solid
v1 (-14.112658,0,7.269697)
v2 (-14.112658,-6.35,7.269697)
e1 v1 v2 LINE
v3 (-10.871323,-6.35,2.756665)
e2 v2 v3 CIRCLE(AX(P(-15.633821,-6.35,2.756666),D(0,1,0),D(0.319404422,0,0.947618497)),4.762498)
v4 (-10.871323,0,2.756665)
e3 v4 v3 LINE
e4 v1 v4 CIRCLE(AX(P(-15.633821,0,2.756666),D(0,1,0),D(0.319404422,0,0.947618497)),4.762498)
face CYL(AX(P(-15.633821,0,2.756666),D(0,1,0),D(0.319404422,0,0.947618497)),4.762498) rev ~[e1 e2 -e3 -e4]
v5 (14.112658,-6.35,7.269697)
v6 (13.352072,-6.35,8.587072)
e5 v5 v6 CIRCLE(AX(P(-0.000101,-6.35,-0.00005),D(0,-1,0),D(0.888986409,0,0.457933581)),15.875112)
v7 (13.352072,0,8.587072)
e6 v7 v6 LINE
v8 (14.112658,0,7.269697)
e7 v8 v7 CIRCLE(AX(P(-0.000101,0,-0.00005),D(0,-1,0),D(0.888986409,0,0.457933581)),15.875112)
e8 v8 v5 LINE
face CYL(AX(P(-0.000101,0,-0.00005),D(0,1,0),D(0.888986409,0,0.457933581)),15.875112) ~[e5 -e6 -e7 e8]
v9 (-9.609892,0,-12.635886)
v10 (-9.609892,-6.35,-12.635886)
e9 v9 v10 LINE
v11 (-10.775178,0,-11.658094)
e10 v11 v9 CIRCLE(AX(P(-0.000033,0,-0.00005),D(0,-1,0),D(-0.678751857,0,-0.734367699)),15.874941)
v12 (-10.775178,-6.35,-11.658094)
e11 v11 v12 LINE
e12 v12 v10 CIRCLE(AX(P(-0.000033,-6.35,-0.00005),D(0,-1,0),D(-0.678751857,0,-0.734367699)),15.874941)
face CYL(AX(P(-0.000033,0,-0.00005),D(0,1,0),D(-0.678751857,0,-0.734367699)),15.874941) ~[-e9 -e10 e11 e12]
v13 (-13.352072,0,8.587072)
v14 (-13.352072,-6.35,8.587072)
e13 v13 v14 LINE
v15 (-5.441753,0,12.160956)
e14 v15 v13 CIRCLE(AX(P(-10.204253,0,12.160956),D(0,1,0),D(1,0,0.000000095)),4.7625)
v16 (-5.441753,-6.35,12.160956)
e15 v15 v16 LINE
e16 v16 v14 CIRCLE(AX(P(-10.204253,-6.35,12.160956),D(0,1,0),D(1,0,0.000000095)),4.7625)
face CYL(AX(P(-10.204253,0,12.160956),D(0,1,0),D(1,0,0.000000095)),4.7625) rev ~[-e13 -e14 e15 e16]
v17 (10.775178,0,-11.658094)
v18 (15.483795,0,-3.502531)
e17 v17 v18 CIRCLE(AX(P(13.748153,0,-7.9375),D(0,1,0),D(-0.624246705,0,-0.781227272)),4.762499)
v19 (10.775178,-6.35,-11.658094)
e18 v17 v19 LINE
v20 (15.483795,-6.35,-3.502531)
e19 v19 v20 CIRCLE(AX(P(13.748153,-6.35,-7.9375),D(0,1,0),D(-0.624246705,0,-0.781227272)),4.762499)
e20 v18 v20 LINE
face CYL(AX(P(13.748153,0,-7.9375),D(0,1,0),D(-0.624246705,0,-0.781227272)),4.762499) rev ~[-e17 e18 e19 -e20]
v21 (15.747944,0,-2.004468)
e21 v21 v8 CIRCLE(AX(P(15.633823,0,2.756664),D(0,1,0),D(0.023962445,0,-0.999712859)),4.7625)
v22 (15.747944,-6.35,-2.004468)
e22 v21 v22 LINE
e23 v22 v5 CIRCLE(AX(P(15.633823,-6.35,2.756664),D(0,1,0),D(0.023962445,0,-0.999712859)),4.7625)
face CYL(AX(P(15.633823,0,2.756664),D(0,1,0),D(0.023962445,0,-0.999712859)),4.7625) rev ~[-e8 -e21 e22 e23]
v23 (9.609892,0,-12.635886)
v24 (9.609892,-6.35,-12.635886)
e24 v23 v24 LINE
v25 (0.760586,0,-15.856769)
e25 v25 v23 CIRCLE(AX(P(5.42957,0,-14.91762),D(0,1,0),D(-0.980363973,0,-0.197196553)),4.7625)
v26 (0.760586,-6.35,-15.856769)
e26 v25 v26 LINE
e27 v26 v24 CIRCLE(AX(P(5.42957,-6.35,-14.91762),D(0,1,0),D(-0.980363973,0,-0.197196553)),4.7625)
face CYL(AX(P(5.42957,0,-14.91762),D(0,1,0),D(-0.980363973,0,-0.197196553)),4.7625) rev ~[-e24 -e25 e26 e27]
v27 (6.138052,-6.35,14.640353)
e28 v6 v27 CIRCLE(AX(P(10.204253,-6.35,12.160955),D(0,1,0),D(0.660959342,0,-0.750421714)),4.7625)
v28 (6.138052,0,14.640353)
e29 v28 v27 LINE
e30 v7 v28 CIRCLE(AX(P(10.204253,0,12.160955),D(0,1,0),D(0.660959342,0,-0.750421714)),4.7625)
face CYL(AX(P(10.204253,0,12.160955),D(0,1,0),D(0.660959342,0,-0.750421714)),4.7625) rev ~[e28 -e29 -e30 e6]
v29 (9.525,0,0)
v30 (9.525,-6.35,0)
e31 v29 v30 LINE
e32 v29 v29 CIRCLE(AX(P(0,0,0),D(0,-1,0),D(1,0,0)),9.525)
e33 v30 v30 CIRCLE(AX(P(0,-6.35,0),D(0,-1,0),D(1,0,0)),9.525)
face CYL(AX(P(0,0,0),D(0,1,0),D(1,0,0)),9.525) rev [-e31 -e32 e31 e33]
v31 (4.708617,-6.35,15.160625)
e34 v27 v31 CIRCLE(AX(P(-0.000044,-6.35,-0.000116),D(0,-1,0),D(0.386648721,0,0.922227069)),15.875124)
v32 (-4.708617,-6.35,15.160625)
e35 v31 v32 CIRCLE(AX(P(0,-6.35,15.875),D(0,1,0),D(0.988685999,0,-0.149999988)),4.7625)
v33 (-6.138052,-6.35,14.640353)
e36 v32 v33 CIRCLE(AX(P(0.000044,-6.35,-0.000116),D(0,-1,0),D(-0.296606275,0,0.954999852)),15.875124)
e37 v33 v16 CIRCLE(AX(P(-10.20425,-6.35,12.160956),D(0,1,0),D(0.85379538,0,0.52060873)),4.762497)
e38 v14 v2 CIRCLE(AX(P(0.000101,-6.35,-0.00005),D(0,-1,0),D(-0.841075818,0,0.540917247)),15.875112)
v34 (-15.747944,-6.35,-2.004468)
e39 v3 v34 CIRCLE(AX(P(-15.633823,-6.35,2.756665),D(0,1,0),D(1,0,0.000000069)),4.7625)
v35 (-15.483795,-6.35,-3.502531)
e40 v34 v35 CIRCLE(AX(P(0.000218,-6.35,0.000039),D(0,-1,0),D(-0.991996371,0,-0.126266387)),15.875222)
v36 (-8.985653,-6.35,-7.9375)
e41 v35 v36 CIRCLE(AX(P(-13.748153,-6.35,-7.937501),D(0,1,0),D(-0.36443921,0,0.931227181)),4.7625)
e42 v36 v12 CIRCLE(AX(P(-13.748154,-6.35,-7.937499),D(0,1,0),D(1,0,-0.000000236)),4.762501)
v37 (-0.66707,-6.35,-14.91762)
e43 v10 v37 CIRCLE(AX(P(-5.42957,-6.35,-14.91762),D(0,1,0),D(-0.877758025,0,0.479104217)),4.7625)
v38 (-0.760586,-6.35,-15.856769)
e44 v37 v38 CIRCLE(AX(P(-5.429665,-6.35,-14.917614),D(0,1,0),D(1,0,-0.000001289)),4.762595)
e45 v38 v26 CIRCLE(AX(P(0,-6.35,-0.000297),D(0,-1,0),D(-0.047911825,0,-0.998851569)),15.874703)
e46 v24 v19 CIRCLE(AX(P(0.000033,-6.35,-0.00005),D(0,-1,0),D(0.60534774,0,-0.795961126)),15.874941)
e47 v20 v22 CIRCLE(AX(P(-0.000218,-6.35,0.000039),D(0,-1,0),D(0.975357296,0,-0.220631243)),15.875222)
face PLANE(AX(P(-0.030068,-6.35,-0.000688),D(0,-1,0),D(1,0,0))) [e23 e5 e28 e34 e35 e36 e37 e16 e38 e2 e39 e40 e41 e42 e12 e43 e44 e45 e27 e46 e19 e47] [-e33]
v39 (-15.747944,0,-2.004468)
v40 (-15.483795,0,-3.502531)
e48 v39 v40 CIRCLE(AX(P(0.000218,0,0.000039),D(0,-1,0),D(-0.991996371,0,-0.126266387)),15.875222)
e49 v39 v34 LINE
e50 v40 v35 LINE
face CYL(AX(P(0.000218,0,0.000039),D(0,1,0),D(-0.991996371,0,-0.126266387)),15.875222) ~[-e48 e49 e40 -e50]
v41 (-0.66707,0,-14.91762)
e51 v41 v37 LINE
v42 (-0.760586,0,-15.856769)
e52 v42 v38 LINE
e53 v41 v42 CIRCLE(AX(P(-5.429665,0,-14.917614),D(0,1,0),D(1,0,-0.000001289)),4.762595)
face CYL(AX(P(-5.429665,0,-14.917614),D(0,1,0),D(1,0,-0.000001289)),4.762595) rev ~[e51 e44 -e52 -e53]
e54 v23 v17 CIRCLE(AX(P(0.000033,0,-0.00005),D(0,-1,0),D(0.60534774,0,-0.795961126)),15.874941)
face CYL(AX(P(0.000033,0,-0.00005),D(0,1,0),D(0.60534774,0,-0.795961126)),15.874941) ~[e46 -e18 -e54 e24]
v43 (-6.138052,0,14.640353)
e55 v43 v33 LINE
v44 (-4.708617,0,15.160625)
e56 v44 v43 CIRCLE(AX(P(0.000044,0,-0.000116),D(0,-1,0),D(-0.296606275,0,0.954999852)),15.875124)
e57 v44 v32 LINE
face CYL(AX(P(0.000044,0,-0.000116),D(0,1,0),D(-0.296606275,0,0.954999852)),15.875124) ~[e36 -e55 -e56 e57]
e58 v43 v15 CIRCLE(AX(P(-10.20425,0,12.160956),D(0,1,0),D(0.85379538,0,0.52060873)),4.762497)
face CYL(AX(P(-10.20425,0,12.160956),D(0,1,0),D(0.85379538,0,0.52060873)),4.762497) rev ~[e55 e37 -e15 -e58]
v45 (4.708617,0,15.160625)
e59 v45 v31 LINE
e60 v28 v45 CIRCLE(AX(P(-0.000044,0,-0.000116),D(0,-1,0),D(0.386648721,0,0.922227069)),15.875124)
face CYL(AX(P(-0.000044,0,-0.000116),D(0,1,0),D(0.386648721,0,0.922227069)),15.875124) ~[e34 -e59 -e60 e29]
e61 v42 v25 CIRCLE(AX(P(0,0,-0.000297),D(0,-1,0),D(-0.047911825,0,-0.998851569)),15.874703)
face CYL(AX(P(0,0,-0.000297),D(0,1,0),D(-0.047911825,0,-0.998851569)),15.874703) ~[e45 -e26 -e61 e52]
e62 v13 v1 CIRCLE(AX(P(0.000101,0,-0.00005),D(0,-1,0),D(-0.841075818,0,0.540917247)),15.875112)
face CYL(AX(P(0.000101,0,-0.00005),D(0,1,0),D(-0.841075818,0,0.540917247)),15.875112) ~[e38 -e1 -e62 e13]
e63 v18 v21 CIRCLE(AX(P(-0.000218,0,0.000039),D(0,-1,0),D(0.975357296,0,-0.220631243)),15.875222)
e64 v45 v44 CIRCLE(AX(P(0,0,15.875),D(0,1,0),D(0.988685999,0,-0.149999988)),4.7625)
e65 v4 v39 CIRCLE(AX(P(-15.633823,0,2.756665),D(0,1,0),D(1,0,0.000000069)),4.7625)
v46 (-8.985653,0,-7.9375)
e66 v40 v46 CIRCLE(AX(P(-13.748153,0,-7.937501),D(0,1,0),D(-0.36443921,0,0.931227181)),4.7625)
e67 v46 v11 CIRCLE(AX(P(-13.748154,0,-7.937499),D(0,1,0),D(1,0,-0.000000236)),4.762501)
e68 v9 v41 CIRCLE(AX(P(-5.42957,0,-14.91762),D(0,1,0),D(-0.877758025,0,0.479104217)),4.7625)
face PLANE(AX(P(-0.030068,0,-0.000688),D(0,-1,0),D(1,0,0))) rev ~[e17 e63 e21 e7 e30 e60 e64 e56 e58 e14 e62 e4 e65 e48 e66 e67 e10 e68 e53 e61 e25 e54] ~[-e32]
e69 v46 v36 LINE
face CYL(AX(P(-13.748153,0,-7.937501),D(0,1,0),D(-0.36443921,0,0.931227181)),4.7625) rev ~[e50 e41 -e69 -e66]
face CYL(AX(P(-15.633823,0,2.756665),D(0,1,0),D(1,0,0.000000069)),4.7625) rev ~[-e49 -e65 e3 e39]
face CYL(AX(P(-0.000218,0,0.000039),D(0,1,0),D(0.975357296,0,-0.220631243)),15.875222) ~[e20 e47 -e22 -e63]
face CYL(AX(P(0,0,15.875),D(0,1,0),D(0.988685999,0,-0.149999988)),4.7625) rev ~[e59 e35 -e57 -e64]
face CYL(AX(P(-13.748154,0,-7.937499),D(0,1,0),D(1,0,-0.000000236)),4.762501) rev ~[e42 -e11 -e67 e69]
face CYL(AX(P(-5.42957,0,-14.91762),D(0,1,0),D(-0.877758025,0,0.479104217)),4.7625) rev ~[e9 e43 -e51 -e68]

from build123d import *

# Parameters (mm, degrees)
F0_R     = 9.525
F1_DEPTH = 6.35


with BuildPart() as f1:
    # F0 (on Front) → F1 (new body)
    with BuildSketch(Plane.XZ):
        with BuildLine():
            ThreePointArc((15.747944, -2.004468), (10.943676, 1.929665), (14.112658, 7.269697))
            ThreePointArc((14.112658, 7.269697), (13.748153, 7.9375), (13.352072, 8.587072))
            ThreePointArc((13.352072, 8.587072), (7.142977, 8.512669), (6.138052, 14.640353))
            ThreePointArc((6.138052, 14.640353), (5.42957, 14.91762), (4.708617, 15.160625))
            ThreePointArc((4.708617, 15.160625), (0, 11.1125), (-4.708617, 15.160625))
            ThreePointArc((-4.708617, 15.160625), (-5.42957, 14.91762), (-6.138052, 14.640353))
            ThreePointArc((-6.138052, 14.640353), (-5.619131, 13.448613), (-5.441753, 12.160956))
            ThreePointArc((-5.441753, 12.160956), (-8.243396, 7.820858), (-13.352072, 8.587072))
            ThreePointArc((-13.352072, 8.587072), (-13.748153, 7.9375), (-14.112658, 7.269697))
            ThreePointArc((-14.112658, 7.269697), (-11.765622, 5.534871), (-10.871323, 2.756665))
            ThreePointArc((-10.871323, 2.756665), (-12.306819, -0.65104), (-15.747944, -2.004468))
            ThreePointArc((-15.747944, -2.004468), (-15.633823, -2.756665), (-15.483795, -3.502531))
            ThreePointArc((-15.483795, -3.502531), (-11.063436, -4.003838), (-8.985653, -7.9375))
            ThreePointArc((-8.985653, -7.9375), (-9.456289, -10.001793), (-10.775178, -11.658094))
            ThreePointArc((-10.775178, -11.658094), (-10.204253, -12.160956), (-9.609892, -12.635886))
            ThreePointArc((-9.609892, -12.635886), (-4.252153, -10.302959), (-0.66707, -14.91762))
            ThreePointArc((-0.66707, -14.91762), (-0.690507, -15.389517), (-0.760586, -15.856769))
            ThreePointArc((-0.760586, -15.856769), (0, -15.875), (0.760586, -15.856769))
            ThreePointArc((0.760586, -15.856769), (3.800699, -10.442334), (9.609892, -12.635886))
            ThreePointArc((9.609892, -12.635886), (10.204253, -12.160956), (10.775178, -11.658094))
            ThreePointArc((10.775178, -11.658094), (9.623707, -5.55625), (15.483795, -3.502531))
            ThreePointArc((15.483795, -3.502531), (15.633823, -2.756665), (15.747944, -2.004468))
        make_face()
        Circle(F0_R, mode=Mode.SUBTRACT)
    extrude(amount=F1_DEPTH)


solid = f1.part
